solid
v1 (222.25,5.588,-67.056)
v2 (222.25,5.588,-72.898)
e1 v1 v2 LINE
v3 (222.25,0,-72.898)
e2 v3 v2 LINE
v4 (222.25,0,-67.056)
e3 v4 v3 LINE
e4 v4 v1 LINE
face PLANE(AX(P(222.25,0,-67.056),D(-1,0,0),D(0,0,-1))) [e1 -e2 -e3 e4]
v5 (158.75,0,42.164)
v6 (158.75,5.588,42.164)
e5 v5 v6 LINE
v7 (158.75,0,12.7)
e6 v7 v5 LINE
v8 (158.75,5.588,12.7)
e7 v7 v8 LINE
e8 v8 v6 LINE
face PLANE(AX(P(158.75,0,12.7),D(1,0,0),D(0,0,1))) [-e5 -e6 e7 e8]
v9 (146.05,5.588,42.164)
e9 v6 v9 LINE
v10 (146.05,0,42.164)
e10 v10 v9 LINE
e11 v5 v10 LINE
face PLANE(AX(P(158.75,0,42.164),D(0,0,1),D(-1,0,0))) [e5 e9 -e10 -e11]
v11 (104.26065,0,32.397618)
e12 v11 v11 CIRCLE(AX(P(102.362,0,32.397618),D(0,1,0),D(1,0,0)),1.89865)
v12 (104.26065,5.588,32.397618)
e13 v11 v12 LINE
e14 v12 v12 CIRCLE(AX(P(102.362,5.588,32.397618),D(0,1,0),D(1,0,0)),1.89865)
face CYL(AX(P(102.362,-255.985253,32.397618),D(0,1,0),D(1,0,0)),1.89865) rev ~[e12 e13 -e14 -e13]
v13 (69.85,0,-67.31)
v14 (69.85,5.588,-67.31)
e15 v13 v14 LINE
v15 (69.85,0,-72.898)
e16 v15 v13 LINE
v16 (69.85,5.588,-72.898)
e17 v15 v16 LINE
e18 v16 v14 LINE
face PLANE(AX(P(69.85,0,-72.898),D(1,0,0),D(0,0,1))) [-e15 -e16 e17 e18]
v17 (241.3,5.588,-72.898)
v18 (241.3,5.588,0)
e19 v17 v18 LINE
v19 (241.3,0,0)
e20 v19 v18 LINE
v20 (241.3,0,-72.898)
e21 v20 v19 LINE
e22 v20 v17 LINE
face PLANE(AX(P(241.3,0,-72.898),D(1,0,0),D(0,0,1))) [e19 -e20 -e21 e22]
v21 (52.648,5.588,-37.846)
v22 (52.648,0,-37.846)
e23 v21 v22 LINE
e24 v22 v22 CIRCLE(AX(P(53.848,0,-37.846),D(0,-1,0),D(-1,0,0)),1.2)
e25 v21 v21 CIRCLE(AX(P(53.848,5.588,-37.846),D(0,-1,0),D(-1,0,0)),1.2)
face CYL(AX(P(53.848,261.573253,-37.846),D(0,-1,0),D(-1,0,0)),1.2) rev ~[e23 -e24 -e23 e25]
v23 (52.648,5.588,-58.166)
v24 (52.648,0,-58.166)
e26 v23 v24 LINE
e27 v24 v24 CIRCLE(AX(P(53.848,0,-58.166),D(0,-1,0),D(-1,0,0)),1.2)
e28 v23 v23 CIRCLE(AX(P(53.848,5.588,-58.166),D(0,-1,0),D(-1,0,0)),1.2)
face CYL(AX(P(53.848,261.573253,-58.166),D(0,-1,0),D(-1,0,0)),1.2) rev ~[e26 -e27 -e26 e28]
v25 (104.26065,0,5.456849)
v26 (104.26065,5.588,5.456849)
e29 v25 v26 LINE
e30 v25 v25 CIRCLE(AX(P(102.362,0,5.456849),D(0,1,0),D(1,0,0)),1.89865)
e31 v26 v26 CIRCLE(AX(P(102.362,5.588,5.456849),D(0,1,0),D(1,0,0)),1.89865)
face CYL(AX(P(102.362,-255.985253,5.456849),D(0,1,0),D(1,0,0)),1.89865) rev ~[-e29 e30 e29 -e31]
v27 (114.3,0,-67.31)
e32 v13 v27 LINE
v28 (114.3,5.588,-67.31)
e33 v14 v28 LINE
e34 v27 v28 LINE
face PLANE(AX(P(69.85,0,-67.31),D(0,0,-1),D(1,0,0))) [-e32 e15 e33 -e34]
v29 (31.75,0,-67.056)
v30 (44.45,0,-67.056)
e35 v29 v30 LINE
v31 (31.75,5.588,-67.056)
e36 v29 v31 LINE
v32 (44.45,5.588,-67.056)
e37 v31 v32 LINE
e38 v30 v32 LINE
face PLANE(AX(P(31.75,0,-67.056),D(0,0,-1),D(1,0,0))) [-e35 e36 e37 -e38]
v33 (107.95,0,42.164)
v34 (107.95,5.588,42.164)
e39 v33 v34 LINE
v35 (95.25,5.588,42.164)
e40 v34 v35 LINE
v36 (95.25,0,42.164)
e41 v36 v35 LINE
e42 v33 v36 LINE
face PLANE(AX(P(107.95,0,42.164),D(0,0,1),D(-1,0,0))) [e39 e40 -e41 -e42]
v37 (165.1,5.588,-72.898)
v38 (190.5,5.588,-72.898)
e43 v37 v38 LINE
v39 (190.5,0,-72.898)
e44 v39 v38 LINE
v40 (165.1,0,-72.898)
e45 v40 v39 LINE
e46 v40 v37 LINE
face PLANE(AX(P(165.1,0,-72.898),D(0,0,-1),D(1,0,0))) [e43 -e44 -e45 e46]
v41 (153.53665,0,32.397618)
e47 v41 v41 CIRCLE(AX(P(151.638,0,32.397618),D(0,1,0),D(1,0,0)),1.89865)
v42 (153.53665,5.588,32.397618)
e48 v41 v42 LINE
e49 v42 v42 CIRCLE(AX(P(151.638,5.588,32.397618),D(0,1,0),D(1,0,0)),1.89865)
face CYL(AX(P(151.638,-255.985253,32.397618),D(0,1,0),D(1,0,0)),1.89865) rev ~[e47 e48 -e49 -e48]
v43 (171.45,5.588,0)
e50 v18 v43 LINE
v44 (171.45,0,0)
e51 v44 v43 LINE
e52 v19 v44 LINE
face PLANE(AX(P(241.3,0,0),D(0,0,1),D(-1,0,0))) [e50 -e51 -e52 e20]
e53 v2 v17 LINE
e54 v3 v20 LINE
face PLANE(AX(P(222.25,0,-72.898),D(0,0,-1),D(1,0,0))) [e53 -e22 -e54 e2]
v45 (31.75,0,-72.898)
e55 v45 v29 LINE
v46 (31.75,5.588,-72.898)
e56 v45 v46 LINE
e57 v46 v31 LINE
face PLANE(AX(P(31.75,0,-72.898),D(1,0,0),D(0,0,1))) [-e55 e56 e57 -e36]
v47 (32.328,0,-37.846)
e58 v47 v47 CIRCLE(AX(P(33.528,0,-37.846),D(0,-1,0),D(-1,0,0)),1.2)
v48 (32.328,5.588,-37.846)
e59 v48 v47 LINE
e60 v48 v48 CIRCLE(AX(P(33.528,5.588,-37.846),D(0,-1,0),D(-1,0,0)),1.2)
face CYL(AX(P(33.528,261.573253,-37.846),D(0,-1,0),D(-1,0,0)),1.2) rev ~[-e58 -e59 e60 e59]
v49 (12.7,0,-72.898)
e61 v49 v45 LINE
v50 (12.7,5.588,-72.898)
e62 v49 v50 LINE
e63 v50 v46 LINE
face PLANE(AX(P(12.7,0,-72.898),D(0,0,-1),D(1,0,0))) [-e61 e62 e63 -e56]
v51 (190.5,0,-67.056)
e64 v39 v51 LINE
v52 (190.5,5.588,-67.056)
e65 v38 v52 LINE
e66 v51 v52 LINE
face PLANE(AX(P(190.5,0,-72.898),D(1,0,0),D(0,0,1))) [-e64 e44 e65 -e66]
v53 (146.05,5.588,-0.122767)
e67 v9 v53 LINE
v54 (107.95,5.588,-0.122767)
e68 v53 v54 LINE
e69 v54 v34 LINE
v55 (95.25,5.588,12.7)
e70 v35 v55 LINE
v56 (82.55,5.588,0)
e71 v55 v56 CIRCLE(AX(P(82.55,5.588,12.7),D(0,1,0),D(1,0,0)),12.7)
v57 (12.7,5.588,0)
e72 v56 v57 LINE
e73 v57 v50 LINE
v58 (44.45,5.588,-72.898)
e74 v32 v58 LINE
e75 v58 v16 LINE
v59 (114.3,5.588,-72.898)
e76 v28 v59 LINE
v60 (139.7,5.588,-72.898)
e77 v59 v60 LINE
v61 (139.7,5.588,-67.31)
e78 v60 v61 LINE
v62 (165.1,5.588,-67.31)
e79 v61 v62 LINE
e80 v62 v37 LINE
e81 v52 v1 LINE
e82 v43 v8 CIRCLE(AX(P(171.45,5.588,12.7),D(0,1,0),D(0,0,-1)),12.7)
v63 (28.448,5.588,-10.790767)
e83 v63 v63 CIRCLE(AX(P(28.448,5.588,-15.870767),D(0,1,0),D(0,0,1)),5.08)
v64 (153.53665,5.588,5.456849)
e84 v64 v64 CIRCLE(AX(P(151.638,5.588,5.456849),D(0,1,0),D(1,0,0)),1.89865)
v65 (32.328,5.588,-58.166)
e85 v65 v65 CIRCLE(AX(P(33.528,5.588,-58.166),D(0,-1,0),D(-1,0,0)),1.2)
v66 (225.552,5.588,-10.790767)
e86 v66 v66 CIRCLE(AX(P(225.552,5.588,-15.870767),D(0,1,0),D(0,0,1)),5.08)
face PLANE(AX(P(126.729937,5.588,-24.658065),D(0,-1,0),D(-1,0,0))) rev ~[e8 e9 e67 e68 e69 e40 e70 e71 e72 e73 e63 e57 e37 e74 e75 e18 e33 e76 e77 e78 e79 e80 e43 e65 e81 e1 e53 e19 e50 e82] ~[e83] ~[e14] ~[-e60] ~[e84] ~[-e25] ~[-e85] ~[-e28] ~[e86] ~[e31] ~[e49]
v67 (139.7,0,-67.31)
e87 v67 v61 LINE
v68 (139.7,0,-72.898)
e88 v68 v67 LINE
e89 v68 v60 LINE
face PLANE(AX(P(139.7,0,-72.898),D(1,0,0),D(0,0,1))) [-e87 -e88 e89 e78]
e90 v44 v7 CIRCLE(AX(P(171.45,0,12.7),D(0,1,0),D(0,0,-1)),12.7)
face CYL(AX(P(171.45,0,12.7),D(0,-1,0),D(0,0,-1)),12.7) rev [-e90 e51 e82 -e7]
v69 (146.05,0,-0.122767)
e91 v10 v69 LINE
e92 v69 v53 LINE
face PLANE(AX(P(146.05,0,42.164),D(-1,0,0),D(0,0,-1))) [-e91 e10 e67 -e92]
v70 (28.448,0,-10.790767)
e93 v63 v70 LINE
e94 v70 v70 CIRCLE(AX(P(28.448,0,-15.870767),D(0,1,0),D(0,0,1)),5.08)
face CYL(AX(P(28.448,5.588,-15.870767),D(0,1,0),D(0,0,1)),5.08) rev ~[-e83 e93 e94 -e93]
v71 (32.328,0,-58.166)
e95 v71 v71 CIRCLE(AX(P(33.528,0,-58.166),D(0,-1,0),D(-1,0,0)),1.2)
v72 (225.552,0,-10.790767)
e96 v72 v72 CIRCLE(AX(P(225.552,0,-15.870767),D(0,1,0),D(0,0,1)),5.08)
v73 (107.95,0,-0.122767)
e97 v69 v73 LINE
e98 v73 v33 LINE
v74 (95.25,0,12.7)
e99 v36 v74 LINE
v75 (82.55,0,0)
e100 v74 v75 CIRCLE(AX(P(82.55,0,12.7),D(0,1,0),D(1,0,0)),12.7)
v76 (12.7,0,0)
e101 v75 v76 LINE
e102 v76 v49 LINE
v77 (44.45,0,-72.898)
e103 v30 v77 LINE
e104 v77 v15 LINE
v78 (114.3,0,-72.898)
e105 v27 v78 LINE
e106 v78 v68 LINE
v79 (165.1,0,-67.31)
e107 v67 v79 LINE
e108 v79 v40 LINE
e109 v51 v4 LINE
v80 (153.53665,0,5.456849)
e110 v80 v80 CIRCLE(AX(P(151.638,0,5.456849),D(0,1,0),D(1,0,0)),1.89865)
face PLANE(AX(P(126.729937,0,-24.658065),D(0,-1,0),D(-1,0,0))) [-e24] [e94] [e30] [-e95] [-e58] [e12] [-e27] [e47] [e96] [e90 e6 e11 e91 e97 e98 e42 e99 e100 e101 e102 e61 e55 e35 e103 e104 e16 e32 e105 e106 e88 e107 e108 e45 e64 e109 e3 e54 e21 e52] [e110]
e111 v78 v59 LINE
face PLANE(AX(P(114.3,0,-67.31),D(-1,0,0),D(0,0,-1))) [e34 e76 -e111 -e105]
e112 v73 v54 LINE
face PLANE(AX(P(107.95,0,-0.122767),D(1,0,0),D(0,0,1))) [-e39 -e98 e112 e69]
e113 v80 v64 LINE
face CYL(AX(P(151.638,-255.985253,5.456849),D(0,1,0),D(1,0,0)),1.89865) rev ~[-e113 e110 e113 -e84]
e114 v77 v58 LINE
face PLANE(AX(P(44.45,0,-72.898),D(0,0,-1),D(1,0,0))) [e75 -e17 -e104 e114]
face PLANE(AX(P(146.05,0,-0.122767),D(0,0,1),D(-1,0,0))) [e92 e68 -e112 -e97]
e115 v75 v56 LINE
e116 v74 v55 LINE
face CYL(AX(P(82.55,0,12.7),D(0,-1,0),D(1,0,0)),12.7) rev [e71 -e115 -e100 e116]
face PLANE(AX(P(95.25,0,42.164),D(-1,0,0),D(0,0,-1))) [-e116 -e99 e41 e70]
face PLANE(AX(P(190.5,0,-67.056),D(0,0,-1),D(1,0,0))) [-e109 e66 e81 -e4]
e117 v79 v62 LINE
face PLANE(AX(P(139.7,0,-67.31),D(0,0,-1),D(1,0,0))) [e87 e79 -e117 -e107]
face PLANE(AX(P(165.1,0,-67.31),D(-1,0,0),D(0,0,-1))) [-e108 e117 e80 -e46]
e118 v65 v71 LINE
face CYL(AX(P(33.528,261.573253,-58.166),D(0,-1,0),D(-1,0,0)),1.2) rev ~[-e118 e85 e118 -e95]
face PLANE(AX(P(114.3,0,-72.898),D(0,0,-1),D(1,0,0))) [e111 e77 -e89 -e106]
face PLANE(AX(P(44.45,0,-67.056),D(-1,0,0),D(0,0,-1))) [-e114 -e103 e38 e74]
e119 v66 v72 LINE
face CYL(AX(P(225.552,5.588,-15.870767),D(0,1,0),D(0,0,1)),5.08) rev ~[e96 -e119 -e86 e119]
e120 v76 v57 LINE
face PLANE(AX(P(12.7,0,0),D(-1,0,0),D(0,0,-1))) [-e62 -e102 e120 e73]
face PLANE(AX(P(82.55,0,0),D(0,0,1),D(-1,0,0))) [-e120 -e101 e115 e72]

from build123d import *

# Parameters (mm, degrees)
BOSS_EXTRUDE1_DEPTH   = 5.588
F_6_CLEARANCE_HOLE1_D = 3.7973
M2_CLEARANCE_HOLE1_D  = 2.4
CUT_EXTRUDE1_REACH    = 254.133
SKETCH8_R             = 5.08


with BuildPart() as part:
    # Sketch1 → Boss-Extrude1 (new body)
    with BuildSketch(Plane(origin=(0, 0, 0), x_dir=(1, 0, 0), z_dir=(0, 1, 0))):
        with BuildLine():
            Line((12.7, 72.898), (31.75, 72.898))
            Line((31.75, 72.898), (31.75, 67.056))
            Line((31.75, 67.056), (44.45, 67.056))
            Line((44.45, 67.056), (44.45, 72.898))
            Line((44.45, 72.898), (69.85, 72.898))
            Line((69.85, 72.898), (69.85, 67.31))
            Line((69.85, 67.31), (114.3, 67.31))
            Line((114.3, 67.31), (114.3, 72.898))
            Line((114.3, 72.898), (139.7, 72.898))
            Line((139.7, 72.898), (139.7, 67.31))
            Line((139.7, 67.31), (165.1, 67.31))
            Line((165.1, 67.31), (165.1, 72.898))
            Line((165.1, 72.898), (190.5, 72.898))
            Line((190.5, 72.898), (190.5, 67.056))
            Line((190.5, 67.056), (222.25, 67.056))
            Line((222.25, 67.056), (222.25, 72.898))
            Line((222.25, 72.898), (241.3, 72.898))
            Line((241.3, 72.898), (241.3, 0))
            Line((241.3, 0), (171.45, 0))
            ThreePointArc((171.45, 0), (162.469743879, -3.719743879), (158.75, -12.7))
            Line((158.75, -12.7), (158.75, -42.164))
            Line((158.75, -42.164), (146.05, -42.164))
            Line((146.05, -42.164), (146.05, 0.122766638))
            Line((146.05, 0.122766638), (127, 0.122766638))
            Line((127, 0.122766638), (107.95, 0.122766638))
            Line((107.95, 0.122766638), (107.95, -42.164))
            Line((107.95, -42.164), (95.25, -42.164))
            Line((95.25, -42.164), (95.25, -12.7))
            ThreePointArc((95.25, -12.7), (91.530256121, -3.719743879), (82.55, 0))
            Line((82.55, 0), (12.7, 0))
            Line((12.7, 0), (12.7, 72.898))
        make_face()
    extrude(amount=BOSS_EXTRUDE1_DEPTH)

    # #6 Clearance Hole1 (through all)
    with Locations(Plane(origin=(0, 0, 0), x_dir=(-1, 0, 0), z_dir=(0, -1, 0))):
        with Locations((-102.362, -32.397617544), (-151.638, -32.397617544), (-151.638, -5.456849181), (-102.362, -5.456849181)):
            Hole(F_6_CLEARANCE_HOLE1_D / 2)

    # M2 Clearance Hole1 (through all)
    with Locations(Plane(origin=(0, 5.588, 0), x_dir=(1, 0, 0), z_dir=(0, 1, 0))):
        with Locations((33.528, 58.166), (53.848, 58.166), (53.848, 37.846), (33.528, 37.846)):
            Hole(M2_CLEARANCE_HOLE1_D / 2)

    # Sketch8 → Cut-Extrude1 (cut, up to next)
    with BuildSketch(Plane(origin=(0, 5.588, 0), x_dir=(1, 0, 0), z_dir=(0, 1, 0)), mode=Mode.PRIVATE) as cut_extrude1_sk1:
        with Locations(Location((28.448, 15.870766638, 0), (0, 0, 270))):
            Circle(SKETCH8_R)
    cut_extrude1_tool1 = extrude(cut_extrude1_sk1.sketch, amount=-CUT_EXTRUDE1_REACH, mode=Mode.PRIVATE) & part.part
    # Sketch8 → Cut-Extrude1 (cut, up to next)
    with BuildSketch(Plane(origin=(0, 5.588, 0), x_dir=(1, 0, 0), z_dir=(0, 1, 0)), mode=Mode.PRIVATE) as cut_extrude1_sk2:
        with Locations(Location((225.552, 15.870766638, 0), (0, 0, 270))):
            Circle(SKETCH8_R)
    cut_extrude1_tool2 = extrude(cut_extrude1_sk2.sketch, amount=-CUT_EXTRUDE1_REACH, mode=Mode.PRIVATE) & part.part
    add(cut_extrude1_tool1.solids().sort_by_distance((28.448, 5.588, -15.870767))[0], mode=Mode.SUBTRACT)
    add(cut_extrude1_tool2.solids().sort_by_distance((225.552, 5.588, -15.870767))[0], mode=Mode.SUBTRACT)


solid = part.part
